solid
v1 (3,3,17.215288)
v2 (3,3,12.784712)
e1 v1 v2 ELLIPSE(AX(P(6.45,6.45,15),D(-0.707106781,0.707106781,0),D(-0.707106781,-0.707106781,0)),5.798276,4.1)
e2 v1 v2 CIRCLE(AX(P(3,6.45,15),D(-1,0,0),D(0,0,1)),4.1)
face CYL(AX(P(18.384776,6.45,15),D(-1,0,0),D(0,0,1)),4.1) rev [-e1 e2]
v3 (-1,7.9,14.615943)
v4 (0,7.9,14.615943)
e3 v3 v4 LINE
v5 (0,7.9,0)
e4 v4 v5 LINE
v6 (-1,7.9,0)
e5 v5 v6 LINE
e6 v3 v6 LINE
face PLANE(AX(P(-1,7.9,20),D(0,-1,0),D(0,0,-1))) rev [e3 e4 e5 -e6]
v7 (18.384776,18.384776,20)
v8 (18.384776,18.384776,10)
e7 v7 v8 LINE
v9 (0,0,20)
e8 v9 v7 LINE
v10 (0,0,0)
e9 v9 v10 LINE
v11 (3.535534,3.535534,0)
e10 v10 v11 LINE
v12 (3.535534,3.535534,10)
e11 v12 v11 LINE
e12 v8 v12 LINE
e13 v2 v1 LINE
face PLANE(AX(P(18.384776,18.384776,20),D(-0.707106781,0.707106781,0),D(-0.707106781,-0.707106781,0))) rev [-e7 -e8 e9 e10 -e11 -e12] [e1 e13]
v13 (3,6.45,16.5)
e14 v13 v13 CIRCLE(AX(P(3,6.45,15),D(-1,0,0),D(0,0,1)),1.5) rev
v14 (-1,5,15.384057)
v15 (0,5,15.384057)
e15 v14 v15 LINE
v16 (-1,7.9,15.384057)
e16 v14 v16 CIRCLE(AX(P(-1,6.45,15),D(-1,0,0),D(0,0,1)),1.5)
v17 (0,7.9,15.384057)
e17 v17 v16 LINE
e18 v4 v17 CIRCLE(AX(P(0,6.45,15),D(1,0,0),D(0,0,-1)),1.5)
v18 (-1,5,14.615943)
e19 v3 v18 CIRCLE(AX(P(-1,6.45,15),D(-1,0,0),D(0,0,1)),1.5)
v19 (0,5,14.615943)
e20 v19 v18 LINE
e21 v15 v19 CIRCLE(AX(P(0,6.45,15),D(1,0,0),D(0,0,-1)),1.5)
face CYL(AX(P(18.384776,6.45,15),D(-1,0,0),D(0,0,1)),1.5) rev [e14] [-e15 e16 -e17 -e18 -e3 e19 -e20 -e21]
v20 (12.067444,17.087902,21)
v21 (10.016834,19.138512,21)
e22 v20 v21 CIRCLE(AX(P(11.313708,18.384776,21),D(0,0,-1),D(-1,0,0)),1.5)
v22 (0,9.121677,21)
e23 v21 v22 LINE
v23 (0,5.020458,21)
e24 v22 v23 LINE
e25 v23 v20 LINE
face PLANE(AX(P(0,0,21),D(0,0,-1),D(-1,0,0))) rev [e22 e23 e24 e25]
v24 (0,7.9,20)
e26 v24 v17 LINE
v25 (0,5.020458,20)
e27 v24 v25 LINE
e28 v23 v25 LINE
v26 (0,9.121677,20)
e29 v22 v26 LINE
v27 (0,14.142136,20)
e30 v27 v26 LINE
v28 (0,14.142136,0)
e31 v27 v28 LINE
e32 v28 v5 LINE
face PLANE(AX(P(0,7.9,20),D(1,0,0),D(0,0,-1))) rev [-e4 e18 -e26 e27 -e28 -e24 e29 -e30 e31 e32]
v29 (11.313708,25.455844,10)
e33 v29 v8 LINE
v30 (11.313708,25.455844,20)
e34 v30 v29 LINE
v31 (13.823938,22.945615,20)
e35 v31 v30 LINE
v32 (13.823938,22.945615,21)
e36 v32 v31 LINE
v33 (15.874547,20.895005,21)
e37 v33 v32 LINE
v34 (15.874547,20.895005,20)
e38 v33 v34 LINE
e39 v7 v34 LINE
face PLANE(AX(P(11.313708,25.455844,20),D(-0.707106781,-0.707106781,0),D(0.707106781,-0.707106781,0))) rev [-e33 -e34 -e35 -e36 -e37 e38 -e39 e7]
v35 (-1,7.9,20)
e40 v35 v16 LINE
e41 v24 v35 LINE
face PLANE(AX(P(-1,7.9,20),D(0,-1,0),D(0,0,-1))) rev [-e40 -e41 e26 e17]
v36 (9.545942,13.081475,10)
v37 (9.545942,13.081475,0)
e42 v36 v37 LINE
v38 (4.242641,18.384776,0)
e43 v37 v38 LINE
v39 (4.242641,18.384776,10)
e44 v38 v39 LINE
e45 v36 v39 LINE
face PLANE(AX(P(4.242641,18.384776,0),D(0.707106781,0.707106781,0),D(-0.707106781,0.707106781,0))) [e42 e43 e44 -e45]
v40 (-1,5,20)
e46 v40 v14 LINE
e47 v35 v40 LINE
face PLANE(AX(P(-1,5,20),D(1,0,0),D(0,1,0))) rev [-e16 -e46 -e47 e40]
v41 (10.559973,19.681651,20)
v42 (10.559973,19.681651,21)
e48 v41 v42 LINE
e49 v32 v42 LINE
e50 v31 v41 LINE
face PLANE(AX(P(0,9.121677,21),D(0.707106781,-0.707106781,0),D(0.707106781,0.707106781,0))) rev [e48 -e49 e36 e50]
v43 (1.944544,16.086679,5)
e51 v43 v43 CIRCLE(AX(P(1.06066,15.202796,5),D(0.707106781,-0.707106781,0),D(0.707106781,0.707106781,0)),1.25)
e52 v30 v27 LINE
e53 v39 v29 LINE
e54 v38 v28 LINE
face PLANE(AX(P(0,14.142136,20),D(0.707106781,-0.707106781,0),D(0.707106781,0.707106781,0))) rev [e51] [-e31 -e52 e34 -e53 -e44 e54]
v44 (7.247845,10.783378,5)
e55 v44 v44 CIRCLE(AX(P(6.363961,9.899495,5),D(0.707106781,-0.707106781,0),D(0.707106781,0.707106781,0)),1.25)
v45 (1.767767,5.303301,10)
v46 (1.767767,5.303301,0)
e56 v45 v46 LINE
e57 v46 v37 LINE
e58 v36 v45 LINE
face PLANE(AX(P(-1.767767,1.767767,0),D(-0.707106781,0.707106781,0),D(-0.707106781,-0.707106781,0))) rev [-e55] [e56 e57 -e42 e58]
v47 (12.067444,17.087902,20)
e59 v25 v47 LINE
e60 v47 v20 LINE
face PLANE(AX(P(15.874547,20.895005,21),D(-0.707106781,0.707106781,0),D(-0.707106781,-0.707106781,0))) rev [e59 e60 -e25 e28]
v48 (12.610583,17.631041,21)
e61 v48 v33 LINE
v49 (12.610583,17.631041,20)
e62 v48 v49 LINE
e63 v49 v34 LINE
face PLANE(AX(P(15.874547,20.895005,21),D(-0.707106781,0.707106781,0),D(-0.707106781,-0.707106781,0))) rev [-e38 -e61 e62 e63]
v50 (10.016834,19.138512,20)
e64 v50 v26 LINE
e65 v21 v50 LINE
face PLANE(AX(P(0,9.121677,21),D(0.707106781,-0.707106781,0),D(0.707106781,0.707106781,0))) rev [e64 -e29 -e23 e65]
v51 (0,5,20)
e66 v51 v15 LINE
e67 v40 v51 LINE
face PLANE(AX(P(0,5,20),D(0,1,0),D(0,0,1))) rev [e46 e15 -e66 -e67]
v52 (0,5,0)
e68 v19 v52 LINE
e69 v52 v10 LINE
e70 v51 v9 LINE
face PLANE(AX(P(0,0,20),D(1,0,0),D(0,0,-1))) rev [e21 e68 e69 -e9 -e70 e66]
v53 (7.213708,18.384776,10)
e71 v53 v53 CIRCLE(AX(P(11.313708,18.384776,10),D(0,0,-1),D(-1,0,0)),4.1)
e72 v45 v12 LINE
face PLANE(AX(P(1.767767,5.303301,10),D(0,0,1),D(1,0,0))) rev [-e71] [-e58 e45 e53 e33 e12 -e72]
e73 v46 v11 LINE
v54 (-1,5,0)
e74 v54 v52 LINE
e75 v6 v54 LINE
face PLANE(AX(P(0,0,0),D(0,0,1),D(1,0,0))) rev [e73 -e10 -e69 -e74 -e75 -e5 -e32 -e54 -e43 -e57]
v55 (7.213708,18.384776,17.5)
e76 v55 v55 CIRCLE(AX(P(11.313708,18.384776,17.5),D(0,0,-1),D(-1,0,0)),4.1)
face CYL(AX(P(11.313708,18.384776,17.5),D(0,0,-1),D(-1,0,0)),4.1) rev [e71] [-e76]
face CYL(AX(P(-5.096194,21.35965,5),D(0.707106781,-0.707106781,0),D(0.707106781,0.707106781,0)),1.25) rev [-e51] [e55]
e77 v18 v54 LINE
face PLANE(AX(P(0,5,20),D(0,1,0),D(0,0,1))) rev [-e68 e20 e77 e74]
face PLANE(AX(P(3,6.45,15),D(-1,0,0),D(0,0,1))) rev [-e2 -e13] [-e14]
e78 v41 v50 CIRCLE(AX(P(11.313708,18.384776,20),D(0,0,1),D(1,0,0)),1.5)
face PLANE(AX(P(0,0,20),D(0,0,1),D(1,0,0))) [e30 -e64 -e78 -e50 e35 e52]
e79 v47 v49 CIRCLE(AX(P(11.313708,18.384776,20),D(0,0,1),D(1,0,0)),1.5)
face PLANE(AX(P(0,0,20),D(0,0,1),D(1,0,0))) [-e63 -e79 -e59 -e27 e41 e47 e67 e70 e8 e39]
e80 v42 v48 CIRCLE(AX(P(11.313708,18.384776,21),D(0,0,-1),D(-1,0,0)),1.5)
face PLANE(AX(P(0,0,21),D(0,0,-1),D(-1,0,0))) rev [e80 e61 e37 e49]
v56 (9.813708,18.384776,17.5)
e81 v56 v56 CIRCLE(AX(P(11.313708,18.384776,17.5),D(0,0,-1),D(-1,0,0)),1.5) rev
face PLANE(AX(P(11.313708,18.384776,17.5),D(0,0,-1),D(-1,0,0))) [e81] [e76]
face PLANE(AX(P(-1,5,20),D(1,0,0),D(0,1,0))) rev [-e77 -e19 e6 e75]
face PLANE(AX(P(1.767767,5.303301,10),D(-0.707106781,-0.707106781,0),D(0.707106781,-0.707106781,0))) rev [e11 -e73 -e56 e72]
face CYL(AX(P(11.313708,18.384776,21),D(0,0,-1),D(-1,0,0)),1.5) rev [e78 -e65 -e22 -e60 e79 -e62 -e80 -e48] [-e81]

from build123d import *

# Parameters (mm, degrees)
BOSS_EXTRU_1_DEPTH       = 20
ESQUISSE2_W              = 10
ESQUISSE2_H              = 21
ENL_V_MAT_EXTRU_1_DEPTH  = 2.5
ESQUISSE3_R              = 1.5
ENL_V_MAT_EXTRU_2_DEPTH  = 20.384776311
ESQUISSE4_R              = 4.1
ENL_V_MAT_EXTRU_3_DEPTH  = 16.384776311
ESQUISSE5_R              = 1.25
ENL_V_MAT_EXTRU_4_DEPTH  = 17.207106781
BOSS_EXTRU_2_DEPTH       = 1
ENL_V_MAT_EXTRU_7_DEPTH  = 11
ENL_V_MAT_EXTRU_8_DEPTH  = 11
ESQUISSE11_R             = 1.5
ENL_V_MAT_EXTRU_9_DEPTH  = 12
ESQUISSE12_R             = 4.1
ENL_V_MAT_EXTRU_10_DEPTH = 7.5


with BuildPart() as part:
    # Esquisse1 → Boss.-Extru.1 (new body)
    with BuildSketch(Plane.XY):
        Polygon((0, 0), (0, 5), (-1, 5), (-1, 7.9), (0, 7.9), (0, 14.142135624), (11.313708499, 25.455844123), (18.384776311, 18.384776311), align=None)
    extrude(amount=BOSS_EXTRU_1_DEPTH)

    # Esquisse2 → Enlèv. mat.-Extru.1 (cut)
    with BuildSketch(Plane(origin=(0, 0, 0), x_dir=(0, 0, -1), z_dir=(0.707106781, -0.707106781, 0))):
        with Locations((-5, 15.5)):
            Rectangle(ESQUISSE2_W, ESQUISSE2_H)
    extrude(amount=-ENL_V_MAT_EXTRU_1_DEPTH, mode=Mode.SUBTRACT)

    # Esquisse3 → Enlèv. mat.-Extru.2 (cut, through all)
    with BuildSketch(Plane.ZY.offset(1)):
        with Locations((15, 6.45)):
            Circle(ESQUISSE3_R)
    extrude(amount=-ENL_V_MAT_EXTRU_2_DEPTH, mode=Mode.SUBTRACT)

    # Esquisse4 → Enlèv. mat.-Extru.3 (cut, through all)
    with BuildSketch(Plane.ZY.offset(-3)):
        with Locations((15, 6.45)):
            Circle(ESQUISSE4_R)
    extrude(amount=-ENL_V_MAT_EXTRU_3_DEPTH, mode=Mode.SUBTRACT)

    # Esquisse5 → Enlèv. mat.-Extru.4 (cut, through all)
    with BuildSketch(Plane(origin=(-1.767766953, 1.767766953, 0), x_dir=(0, 0, -1), z_dir=(0.707106781, -0.707106781, 0))):
        with Locations((-5, 11.5)):
            Circle(ESQUISSE5_R)
    extrude(amount=-ENL_V_MAT_EXTRU_4_DEPTH, mode=Mode.SUBTRACT)

    # Esquisse6 → Boss.-Extru.2 (add)
    with BuildSketch(Plane.XY.offset(20)):
        Polygon((0, 9.121677477), (13.823937572, 22.94561505), (15.874547238, 20.895005384), (0, 5.020458146), align=None)
    extrude(amount=BOSS_EXTRU_2_DEPTH)

    # Esquisse9 → Enlèv. mat.-Extru.7 (cut, through all)
    with BuildSketch(Plane(origin=(0, 0, 10), x_dir=(-1, 0, 0), z_dir=(0, 0, -1))):
        Polygon((-18.384776311, 18.384776311), (-12.02081528, 12.02081528), (-4.949747468, 19.091883092), (-11.313708499, 25.455844123), align=None)
    extrude(amount=ENL_V_MAT_EXTRU_7_DEPTH, mode=Mode.SUBTRACT)

    # Esquisse10 → Enlèv. mat.-Extru.8 (cut, through all)
    with BuildSketch(Plane(origin=(0, 0, 10), x_dir=(-1, 0, 0), z_dir=(0, 0, -1))):
        Polygon((-11.313708499, 25.455844123), (-4.242640687, 18.384776311), (-11.313708499, 11.313708499), (-18.384776311, 18.384776311), align=None)
    extrude(amount=ENL_V_MAT_EXTRU_8_DEPTH, mode=Mode.SUBTRACT)

    # Esquisse11 → Enlèv. mat.-Extru.9 (cut, through all)
    with BuildSketch(Plane(origin=(0, 0, 10), x_dir=(-1, 0, 0), z_dir=(0, 0, -1))):
        with Locations((-11.313708499, 18.384776311)):
            Circle(ESQUISSE11_R)
    extrude(amount=-ENL_V_MAT_EXTRU_9_DEPTH, mode=Mode.SUBTRACT)

    # Esquisse12 → Enlèv. mat.-Extru.10 (cut)
    with BuildSketch(Plane(origin=(0, 0, 10), x_dir=(-1, 0, 0), z_dir=(0, 0, -1))):
        with Locations((-11.313708499, 18.384776311)):
            Circle(ESQUISSE12_R)
    extrude(amount=-ENL_V_MAT_EXTRU_10_DEPTH, mode=Mode.SUBTRACT)


solid = part.part
